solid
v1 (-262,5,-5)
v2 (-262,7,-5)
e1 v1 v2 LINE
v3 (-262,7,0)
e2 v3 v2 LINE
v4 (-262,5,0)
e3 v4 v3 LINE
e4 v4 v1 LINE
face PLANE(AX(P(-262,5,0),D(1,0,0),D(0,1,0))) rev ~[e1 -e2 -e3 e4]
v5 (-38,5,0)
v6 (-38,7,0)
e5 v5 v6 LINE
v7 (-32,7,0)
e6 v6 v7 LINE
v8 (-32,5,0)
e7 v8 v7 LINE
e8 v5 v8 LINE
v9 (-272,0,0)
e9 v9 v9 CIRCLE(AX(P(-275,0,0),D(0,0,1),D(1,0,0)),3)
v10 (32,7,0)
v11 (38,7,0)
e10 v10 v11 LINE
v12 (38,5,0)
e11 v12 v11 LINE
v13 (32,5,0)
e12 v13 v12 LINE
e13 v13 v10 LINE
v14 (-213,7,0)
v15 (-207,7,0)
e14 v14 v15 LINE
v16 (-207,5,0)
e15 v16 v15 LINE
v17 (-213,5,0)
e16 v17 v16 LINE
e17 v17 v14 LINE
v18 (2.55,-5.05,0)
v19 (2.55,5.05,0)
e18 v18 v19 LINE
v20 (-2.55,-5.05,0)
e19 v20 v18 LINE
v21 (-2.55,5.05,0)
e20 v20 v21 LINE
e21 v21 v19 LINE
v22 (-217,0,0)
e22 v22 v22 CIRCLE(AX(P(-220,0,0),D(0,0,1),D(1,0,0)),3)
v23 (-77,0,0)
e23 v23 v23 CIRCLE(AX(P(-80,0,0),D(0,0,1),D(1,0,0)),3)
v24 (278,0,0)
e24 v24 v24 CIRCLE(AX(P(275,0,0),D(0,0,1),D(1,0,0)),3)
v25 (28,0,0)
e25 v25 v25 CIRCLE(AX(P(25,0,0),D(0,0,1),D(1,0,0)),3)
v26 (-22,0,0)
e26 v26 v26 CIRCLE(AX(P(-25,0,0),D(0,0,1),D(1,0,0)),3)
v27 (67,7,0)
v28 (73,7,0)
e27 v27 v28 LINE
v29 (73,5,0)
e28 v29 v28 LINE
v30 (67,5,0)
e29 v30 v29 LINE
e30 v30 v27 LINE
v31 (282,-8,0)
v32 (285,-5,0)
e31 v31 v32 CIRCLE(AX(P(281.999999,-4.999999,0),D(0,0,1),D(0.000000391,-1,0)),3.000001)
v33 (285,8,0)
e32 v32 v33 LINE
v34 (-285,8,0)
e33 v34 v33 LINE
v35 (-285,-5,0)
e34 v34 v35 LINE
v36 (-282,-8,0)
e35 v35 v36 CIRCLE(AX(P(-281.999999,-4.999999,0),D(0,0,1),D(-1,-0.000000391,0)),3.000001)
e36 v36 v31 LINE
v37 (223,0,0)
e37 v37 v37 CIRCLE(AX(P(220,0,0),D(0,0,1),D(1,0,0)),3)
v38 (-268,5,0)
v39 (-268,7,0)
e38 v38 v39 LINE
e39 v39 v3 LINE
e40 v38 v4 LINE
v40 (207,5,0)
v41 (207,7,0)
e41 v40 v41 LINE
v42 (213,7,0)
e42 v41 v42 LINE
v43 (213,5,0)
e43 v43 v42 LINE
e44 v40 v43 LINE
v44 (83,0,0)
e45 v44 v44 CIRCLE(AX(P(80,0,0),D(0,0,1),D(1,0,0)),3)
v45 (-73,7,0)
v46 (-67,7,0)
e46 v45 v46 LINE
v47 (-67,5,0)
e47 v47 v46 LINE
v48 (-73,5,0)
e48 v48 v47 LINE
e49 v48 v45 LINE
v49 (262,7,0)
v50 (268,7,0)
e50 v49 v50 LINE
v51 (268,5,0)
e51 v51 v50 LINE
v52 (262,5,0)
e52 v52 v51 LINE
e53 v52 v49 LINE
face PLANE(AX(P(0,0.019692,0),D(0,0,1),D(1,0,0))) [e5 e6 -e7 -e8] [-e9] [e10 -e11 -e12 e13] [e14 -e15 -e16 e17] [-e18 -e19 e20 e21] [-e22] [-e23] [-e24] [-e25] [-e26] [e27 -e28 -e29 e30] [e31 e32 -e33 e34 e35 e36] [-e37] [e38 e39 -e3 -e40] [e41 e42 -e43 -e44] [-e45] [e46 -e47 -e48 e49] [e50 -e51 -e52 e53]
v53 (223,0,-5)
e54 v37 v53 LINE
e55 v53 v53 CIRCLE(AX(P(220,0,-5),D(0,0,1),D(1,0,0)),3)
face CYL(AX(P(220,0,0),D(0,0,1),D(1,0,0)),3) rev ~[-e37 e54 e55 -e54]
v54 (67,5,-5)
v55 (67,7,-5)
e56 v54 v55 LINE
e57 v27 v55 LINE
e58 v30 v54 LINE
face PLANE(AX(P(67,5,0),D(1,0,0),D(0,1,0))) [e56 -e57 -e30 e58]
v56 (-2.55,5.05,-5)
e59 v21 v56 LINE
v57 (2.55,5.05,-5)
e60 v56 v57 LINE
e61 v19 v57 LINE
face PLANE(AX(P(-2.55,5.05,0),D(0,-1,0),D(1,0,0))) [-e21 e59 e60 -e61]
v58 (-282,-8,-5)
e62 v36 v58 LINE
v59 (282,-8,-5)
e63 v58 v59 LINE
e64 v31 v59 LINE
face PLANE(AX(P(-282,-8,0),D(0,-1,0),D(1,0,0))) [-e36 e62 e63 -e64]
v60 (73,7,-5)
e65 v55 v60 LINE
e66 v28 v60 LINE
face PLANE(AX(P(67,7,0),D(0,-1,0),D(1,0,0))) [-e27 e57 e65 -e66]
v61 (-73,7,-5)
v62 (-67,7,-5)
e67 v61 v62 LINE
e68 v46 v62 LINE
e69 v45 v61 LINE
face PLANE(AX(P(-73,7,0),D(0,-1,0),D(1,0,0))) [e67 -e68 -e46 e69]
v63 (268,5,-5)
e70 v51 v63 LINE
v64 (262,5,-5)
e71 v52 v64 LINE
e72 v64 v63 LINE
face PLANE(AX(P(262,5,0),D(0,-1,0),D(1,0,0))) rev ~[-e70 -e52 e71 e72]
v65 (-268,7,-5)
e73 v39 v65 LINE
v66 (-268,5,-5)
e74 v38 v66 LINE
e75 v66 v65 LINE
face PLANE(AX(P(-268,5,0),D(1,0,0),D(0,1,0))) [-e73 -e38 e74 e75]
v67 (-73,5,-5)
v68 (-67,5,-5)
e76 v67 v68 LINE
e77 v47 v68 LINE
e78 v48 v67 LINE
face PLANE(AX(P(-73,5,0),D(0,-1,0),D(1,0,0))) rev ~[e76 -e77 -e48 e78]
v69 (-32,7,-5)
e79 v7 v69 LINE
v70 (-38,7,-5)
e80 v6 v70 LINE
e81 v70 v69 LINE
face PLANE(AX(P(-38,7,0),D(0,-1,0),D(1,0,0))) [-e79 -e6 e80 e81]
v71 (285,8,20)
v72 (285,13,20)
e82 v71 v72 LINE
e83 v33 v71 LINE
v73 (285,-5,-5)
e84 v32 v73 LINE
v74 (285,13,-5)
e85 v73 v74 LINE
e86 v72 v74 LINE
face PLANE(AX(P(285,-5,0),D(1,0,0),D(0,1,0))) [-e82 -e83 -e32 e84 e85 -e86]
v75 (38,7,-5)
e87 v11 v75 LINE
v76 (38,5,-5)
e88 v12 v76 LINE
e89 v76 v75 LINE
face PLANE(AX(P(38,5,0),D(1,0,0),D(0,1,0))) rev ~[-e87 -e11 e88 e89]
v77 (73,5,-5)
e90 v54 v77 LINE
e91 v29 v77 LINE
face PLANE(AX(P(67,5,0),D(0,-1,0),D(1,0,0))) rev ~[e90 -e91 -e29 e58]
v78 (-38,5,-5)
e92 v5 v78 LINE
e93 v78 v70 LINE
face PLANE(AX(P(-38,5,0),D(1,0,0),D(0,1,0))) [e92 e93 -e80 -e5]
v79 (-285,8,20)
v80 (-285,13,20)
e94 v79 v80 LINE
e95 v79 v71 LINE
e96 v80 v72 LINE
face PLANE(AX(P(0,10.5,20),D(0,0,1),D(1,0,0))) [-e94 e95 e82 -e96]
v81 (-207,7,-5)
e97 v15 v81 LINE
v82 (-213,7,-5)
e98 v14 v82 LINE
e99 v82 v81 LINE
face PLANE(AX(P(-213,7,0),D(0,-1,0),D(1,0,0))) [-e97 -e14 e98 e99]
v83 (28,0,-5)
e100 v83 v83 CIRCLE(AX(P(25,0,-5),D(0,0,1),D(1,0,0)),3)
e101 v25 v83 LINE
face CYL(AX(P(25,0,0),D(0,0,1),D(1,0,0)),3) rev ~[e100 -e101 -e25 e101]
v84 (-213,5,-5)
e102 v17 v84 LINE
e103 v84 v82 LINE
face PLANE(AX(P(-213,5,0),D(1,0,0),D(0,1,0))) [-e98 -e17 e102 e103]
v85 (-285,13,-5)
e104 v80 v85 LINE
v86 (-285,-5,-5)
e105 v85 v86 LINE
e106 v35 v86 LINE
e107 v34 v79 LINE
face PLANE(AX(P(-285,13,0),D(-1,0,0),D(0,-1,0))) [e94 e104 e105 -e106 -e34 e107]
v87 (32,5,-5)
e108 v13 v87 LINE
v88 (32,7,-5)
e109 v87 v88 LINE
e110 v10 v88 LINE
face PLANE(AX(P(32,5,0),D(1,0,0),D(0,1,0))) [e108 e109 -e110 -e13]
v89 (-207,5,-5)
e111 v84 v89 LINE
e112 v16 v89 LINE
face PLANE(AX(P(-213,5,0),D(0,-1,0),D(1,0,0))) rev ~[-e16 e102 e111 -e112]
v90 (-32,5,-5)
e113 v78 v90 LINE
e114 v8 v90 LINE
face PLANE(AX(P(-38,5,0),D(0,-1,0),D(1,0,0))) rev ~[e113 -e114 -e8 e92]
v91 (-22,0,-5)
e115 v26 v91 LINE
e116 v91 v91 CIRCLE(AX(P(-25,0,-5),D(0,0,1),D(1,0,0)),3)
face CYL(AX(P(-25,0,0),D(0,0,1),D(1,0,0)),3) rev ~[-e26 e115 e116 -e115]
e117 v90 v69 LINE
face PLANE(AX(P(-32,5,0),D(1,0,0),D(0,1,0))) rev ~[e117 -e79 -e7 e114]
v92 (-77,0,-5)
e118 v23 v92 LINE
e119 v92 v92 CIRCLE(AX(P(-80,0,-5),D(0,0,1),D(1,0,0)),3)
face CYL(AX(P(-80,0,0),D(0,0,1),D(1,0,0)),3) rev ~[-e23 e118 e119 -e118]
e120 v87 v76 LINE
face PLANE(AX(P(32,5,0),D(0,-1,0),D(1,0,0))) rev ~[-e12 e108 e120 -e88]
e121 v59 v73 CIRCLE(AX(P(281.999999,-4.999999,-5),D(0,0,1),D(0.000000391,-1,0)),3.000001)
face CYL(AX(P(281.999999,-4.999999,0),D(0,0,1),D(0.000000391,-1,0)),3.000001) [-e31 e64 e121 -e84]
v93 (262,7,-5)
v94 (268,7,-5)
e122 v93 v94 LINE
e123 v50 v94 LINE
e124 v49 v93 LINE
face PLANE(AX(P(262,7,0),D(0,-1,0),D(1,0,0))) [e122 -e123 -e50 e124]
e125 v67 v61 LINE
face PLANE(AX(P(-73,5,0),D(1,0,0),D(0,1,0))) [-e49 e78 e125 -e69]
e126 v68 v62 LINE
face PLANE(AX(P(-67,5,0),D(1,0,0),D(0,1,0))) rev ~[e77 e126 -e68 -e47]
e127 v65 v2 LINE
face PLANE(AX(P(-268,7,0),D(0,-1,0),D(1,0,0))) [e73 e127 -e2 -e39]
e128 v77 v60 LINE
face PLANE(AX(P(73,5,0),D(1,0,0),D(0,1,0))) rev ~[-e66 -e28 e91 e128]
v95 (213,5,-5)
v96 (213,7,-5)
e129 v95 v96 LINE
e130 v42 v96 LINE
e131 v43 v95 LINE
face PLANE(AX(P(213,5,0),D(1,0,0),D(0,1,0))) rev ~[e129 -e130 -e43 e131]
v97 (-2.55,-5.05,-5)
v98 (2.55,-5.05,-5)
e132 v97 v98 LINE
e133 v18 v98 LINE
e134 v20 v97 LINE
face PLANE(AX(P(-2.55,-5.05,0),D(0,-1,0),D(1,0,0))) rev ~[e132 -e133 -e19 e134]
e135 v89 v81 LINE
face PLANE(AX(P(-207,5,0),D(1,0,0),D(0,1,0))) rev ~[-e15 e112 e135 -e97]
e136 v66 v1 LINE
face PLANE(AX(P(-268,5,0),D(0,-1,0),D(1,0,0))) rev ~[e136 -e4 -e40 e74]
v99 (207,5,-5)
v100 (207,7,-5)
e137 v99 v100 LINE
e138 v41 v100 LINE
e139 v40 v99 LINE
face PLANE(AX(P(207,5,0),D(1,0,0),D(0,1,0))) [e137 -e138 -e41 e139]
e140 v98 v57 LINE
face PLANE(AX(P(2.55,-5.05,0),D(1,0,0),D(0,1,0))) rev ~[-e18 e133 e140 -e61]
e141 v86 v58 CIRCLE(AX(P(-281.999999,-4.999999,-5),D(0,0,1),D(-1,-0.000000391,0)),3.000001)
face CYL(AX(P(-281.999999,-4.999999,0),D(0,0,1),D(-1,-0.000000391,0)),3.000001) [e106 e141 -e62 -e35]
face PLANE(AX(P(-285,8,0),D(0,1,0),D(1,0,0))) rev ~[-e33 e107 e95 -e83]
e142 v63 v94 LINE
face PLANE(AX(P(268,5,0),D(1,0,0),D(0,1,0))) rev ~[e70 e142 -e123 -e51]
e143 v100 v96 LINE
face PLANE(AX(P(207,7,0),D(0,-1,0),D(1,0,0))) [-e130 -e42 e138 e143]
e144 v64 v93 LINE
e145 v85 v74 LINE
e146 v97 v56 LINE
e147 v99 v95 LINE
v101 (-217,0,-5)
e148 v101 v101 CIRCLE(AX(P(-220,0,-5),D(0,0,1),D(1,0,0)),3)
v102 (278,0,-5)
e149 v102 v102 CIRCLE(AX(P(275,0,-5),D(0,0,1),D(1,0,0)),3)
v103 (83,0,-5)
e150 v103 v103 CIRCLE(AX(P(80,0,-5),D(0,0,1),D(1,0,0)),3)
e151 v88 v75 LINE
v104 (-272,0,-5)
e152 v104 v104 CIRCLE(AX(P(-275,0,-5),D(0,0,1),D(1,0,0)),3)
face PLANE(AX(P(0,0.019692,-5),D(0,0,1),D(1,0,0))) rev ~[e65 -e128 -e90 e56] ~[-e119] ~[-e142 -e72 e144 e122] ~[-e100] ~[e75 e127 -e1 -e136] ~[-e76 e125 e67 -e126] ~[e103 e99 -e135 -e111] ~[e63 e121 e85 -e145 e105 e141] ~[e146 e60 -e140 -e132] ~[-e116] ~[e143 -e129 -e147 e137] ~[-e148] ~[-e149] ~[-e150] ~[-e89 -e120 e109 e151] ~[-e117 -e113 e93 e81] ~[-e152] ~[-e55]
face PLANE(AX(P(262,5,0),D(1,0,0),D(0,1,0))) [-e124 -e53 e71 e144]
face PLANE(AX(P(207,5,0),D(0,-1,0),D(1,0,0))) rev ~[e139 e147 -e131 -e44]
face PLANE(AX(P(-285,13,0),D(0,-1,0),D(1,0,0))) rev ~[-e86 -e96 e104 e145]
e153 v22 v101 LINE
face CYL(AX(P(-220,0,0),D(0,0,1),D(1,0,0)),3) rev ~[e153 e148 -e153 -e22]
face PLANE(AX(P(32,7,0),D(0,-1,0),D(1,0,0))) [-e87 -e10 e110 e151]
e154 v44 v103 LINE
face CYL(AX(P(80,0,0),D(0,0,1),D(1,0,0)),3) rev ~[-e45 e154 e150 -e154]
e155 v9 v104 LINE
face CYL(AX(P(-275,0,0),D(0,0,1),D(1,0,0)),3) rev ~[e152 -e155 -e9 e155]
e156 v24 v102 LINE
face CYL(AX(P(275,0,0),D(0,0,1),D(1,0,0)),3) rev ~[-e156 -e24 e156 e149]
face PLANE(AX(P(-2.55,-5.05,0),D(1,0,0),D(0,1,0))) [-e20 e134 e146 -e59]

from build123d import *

# Parameters (mm, degrees)
F0_W     = 570
F0_H     = 5
F1_DEPTH = 20
F0_R     = 3
F0_W_2   = 5.1
F0_H_2   = 10.1
F0_W_3   = 6
F0_H_3   = 2
F2_DEPTH = 5


with BuildPart() as f1:
    # F0 (on Top) → F1 (new body)
    with BuildSketch(Plane.XY):
        with Locations((0, 10.5)):
            Rectangle(F0_W, F0_H)
    extrude(amount=F1_DEPTH)

    # F0 (on Top) → F2 (join)
    with BuildSketch(Plane.XY):
        with BuildLine():
            ThreePointArc((-285, -5), (-284.12132, -7.12132), (-282, -8))
            Line((-282, -8), (282, -8))
            ThreePointArc((282, -8), (284.12132, -7.12132), (285, -5))
            Line((285, -5), (285, 8))
            Line((285, 8), (-285, 8))
            Line((-285, 8), (-285, -5))
        make_face()
        with Locations((-275, 0)):
            Circle(F0_R, mode=Mode.SUBTRACT)
        with Locations((-220, 0)):
            Circle(F0_R, mode=Mode.SUBTRACT)
        with Locations((-80, 0)):
            Circle(F0_R, mode=Mode.SUBTRACT)
        with Locations((-25, 0)):
            Circle(F0_R, mode=Mode.SUBTRACT)
        Rectangle(F0_W_2, F0_H_2, mode=Mode.SUBTRACT)
        with Locations((25, 0)):
            Circle(F0_R, mode=Mode.SUBTRACT)
        with Locations((80, 0)):
            Circle(F0_R, mode=Mode.SUBTRACT)
        with Locations((220, 0)):
            Circle(F0_R, mode=Mode.SUBTRACT)
        with Locations((275, 0)):
            Circle(F0_R, mode=Mode.SUBTRACT)
        with Locations((-265, 6)):
            Rectangle(F0_W_3, F0_H_3, mode=Mode.SUBTRACT)
        with Locations((-210, 6)):
            Rectangle(F0_W_3, F0_H_3, mode=Mode.SUBTRACT)
        with Locations((-70, 6)):
            Rectangle(F0_W_3, F0_H_3, mode=Mode.SUBTRACT)
        with Locations((-35, 6)):
            Rectangle(F0_W_3, F0_H_3, mode=Mode.SUBTRACT)
        with Locations((35, 6)):
            Rectangle(F0_W_3, F0_H_3, mode=Mode.SUBTRACT)
        with Locations((70, 6)):
            Rectangle(F0_W_3, F0_H_3, mode=Mode.SUBTRACT)
        with Locations((210, 6)):
            Rectangle(F0_W_3, F0_H_3, mode=Mode.SUBTRACT)
        with Locations((265, 6)):
            Rectangle(F0_W_3, F0_H_3, mode=Mode.SUBTRACT)
        with Locations((0, 10.5)):
            Rectangle(F0_W, F0_H)
    extrude(amount=-F2_DEPTH)


solid = f1.part
